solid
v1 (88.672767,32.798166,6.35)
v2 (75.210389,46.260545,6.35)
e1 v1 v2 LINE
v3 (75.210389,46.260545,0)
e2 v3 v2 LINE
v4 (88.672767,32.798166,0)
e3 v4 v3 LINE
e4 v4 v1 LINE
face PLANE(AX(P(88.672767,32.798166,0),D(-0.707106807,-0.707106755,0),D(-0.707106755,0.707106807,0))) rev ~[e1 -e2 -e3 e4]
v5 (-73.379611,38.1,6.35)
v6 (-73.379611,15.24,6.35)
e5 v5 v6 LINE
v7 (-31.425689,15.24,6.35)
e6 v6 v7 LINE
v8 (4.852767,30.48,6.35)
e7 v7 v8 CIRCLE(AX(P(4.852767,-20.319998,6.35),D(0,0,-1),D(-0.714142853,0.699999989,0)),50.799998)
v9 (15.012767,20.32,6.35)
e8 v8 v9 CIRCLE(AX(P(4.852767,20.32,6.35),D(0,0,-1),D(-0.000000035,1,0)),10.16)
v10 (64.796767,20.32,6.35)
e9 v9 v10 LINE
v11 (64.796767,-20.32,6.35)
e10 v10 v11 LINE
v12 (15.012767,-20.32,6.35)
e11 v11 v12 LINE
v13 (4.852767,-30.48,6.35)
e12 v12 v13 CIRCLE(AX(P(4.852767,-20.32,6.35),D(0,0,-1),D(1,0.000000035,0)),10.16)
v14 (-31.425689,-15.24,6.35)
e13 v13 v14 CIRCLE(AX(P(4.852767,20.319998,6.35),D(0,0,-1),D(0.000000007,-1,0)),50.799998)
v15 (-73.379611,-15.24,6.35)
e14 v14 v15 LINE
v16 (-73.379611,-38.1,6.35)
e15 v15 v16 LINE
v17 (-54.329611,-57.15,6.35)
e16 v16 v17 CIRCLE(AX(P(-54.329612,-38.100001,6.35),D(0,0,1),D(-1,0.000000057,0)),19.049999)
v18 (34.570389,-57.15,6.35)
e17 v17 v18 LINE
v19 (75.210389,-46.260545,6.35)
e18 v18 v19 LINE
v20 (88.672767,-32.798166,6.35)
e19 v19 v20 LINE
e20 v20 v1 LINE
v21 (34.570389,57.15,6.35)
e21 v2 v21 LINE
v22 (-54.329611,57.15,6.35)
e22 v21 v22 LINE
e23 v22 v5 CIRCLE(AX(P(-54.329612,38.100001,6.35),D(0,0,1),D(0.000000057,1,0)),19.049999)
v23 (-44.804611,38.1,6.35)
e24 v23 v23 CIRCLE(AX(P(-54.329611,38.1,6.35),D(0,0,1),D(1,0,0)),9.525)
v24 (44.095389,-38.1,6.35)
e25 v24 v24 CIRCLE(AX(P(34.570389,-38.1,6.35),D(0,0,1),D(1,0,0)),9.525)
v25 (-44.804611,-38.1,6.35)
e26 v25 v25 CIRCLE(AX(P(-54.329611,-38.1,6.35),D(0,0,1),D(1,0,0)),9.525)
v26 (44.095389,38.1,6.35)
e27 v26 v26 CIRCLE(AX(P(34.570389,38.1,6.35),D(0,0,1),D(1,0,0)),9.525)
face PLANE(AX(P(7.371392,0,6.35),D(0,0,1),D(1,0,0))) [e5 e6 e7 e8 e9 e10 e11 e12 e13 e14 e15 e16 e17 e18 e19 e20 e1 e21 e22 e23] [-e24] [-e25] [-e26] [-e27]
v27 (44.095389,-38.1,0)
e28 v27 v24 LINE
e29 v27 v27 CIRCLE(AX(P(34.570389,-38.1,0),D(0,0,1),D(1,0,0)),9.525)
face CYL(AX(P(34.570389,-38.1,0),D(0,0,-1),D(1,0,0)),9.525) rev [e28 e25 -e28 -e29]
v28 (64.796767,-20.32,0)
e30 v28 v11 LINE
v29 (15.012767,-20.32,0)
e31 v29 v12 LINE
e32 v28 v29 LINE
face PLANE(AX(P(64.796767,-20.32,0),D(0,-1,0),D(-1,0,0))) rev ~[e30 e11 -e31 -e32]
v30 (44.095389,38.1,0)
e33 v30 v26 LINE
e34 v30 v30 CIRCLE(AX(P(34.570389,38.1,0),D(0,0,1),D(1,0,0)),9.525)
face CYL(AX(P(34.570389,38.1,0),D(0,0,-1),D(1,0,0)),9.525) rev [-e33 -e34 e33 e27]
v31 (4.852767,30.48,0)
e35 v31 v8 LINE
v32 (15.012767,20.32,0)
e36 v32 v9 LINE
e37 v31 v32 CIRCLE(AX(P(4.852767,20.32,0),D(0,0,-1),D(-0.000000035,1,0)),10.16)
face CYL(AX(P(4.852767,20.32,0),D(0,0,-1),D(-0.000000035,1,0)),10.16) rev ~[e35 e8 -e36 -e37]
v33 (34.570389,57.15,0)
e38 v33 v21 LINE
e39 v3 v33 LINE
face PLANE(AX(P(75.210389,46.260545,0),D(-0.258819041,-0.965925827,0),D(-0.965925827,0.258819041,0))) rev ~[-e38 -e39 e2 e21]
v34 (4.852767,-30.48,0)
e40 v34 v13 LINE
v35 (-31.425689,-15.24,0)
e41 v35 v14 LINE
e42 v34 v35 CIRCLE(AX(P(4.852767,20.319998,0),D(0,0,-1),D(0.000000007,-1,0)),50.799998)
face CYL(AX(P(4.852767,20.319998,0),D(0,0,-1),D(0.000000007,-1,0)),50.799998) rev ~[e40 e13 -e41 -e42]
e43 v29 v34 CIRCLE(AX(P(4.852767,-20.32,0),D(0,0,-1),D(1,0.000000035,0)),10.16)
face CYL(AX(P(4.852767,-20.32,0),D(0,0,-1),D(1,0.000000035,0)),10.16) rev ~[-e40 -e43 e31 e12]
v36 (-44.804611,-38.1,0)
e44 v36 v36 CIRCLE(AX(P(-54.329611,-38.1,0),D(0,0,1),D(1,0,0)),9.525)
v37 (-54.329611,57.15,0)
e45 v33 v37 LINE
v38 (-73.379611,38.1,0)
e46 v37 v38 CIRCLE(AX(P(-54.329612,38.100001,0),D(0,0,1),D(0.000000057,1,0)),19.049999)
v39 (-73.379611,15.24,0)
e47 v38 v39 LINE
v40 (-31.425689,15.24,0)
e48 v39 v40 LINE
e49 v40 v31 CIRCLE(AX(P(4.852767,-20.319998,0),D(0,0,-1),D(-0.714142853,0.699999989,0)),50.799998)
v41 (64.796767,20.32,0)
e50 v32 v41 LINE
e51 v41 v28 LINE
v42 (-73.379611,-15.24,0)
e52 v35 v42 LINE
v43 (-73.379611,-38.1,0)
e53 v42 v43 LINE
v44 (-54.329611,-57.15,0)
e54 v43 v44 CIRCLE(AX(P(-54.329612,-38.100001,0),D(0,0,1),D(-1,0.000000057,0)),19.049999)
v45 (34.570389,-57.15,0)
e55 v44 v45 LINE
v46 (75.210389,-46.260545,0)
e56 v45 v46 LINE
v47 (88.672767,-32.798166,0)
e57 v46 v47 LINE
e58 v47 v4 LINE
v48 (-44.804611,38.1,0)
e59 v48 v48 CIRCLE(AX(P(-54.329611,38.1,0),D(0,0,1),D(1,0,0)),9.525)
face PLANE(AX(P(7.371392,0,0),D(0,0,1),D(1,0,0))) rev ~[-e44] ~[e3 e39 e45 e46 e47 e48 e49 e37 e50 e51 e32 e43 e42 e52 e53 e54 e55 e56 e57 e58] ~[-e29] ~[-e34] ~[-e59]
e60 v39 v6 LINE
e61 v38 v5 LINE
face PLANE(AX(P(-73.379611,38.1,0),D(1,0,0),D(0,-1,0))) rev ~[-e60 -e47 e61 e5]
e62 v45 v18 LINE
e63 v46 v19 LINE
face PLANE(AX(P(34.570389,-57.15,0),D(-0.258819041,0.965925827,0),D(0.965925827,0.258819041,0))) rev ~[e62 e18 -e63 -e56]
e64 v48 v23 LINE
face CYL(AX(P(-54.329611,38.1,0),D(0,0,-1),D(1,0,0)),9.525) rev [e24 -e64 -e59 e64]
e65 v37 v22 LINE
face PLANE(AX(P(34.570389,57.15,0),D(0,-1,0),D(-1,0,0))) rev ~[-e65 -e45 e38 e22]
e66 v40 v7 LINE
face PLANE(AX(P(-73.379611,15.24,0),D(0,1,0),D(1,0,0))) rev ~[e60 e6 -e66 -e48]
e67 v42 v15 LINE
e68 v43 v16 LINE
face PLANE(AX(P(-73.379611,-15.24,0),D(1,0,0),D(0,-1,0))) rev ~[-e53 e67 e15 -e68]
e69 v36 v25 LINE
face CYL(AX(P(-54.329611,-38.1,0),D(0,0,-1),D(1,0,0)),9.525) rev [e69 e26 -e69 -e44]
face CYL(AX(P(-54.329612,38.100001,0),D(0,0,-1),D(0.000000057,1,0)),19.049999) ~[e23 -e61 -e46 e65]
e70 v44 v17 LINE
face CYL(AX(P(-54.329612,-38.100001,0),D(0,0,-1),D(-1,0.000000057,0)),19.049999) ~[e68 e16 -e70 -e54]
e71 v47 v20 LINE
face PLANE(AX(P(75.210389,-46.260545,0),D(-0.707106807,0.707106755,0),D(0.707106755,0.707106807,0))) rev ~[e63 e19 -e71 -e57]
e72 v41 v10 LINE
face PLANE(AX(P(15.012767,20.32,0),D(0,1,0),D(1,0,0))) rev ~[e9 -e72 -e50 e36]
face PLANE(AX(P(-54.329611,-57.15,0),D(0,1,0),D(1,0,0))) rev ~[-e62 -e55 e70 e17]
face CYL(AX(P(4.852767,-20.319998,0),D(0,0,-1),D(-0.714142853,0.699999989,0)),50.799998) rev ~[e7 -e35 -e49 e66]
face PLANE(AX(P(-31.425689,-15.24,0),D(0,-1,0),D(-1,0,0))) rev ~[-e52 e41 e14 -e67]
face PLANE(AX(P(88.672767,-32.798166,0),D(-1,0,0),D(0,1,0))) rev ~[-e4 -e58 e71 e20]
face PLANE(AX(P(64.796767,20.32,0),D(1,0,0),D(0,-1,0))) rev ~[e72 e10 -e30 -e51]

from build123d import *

# Parameters (mm, degrees)
F0_R     = 9.525
F1_DEPTH = 6.35


with BuildPart() as f1:
    # F0 (on Top) → F1 (new body)
    with BuildSketch(Plane.XY):
        with BuildLine():
            Line((34.570389, 57.15), (-54.329611, 57.15))
            ThreePointArc((-54.329611, 57.15), (-67.799996, 51.570384), (-73.379611, 38.1))
            Line((-73.379611, 38.1), (-73.379611, 15.24))
            Line((-73.379611, 15.24), (-31.425689, 15.24))
            ThreePointArc((-31.425689, 15.24), (-14.821988, 26.515286), (4.852767, 30.48))
            ThreePointArc((4.852767, 30.48), (12.036972, 27.504205), (15.012767, 20.32))
            Line((15.012767, 20.32), (64.796767, 20.32))
            Line((64.796767, 20.32), (64.796767, 0))
            Line((64.796767, 0), (64.796767, -20.32))
            Line((64.796767, -20.32), (15.012767, -20.32))
            ThreePointArc((15.012767, -20.32), (12.036972, -27.504205), (4.852767, -30.48))
            ThreePointArc((4.852767, -30.48), (-14.821988, -26.515286), (-31.425689, -15.24))
            Line((-31.425689, -15.24), (-73.379611, -15.24))
            Line((-73.379611, -15.24), (-73.379611, -38.1))
            ThreePointArc((-73.379611, -38.1), (-67.799996, -51.570384), (-54.329611, -57.15))
            Line((-54.329611, -57.15), (34.570389, -57.15))
            Line((34.570389, -57.15), (75.210389, -46.260545))
            Line((75.210389, -46.260545), (88.672767, -32.798166))
            Line((88.672767, -32.798166), (88.672767, 0))
            Line((88.672767, 0), (88.672767, 32.798166))
            Line((88.672767, 32.798166), (75.210389, 46.260545))
            Line((75.210389, 46.260545), (34.570389, 57.15))
        make_face()
        with Locations((-54.329611, -38.1)):
            Circle(F0_R, mode=Mode.SUBTRACT)
        with Locations((34.570389, -38.1)):
            Circle(F0_R, mode=Mode.SUBTRACT)
        with Locations((-54.329611, 38.1)):
            Circle(F0_R, mode=Mode.SUBTRACT)
        with Locations((34.570389, 38.1)):
            Circle(F0_R, mode=Mode.SUBTRACT)
    extrude(amount=F1_DEPTH)


solid = f1.part
